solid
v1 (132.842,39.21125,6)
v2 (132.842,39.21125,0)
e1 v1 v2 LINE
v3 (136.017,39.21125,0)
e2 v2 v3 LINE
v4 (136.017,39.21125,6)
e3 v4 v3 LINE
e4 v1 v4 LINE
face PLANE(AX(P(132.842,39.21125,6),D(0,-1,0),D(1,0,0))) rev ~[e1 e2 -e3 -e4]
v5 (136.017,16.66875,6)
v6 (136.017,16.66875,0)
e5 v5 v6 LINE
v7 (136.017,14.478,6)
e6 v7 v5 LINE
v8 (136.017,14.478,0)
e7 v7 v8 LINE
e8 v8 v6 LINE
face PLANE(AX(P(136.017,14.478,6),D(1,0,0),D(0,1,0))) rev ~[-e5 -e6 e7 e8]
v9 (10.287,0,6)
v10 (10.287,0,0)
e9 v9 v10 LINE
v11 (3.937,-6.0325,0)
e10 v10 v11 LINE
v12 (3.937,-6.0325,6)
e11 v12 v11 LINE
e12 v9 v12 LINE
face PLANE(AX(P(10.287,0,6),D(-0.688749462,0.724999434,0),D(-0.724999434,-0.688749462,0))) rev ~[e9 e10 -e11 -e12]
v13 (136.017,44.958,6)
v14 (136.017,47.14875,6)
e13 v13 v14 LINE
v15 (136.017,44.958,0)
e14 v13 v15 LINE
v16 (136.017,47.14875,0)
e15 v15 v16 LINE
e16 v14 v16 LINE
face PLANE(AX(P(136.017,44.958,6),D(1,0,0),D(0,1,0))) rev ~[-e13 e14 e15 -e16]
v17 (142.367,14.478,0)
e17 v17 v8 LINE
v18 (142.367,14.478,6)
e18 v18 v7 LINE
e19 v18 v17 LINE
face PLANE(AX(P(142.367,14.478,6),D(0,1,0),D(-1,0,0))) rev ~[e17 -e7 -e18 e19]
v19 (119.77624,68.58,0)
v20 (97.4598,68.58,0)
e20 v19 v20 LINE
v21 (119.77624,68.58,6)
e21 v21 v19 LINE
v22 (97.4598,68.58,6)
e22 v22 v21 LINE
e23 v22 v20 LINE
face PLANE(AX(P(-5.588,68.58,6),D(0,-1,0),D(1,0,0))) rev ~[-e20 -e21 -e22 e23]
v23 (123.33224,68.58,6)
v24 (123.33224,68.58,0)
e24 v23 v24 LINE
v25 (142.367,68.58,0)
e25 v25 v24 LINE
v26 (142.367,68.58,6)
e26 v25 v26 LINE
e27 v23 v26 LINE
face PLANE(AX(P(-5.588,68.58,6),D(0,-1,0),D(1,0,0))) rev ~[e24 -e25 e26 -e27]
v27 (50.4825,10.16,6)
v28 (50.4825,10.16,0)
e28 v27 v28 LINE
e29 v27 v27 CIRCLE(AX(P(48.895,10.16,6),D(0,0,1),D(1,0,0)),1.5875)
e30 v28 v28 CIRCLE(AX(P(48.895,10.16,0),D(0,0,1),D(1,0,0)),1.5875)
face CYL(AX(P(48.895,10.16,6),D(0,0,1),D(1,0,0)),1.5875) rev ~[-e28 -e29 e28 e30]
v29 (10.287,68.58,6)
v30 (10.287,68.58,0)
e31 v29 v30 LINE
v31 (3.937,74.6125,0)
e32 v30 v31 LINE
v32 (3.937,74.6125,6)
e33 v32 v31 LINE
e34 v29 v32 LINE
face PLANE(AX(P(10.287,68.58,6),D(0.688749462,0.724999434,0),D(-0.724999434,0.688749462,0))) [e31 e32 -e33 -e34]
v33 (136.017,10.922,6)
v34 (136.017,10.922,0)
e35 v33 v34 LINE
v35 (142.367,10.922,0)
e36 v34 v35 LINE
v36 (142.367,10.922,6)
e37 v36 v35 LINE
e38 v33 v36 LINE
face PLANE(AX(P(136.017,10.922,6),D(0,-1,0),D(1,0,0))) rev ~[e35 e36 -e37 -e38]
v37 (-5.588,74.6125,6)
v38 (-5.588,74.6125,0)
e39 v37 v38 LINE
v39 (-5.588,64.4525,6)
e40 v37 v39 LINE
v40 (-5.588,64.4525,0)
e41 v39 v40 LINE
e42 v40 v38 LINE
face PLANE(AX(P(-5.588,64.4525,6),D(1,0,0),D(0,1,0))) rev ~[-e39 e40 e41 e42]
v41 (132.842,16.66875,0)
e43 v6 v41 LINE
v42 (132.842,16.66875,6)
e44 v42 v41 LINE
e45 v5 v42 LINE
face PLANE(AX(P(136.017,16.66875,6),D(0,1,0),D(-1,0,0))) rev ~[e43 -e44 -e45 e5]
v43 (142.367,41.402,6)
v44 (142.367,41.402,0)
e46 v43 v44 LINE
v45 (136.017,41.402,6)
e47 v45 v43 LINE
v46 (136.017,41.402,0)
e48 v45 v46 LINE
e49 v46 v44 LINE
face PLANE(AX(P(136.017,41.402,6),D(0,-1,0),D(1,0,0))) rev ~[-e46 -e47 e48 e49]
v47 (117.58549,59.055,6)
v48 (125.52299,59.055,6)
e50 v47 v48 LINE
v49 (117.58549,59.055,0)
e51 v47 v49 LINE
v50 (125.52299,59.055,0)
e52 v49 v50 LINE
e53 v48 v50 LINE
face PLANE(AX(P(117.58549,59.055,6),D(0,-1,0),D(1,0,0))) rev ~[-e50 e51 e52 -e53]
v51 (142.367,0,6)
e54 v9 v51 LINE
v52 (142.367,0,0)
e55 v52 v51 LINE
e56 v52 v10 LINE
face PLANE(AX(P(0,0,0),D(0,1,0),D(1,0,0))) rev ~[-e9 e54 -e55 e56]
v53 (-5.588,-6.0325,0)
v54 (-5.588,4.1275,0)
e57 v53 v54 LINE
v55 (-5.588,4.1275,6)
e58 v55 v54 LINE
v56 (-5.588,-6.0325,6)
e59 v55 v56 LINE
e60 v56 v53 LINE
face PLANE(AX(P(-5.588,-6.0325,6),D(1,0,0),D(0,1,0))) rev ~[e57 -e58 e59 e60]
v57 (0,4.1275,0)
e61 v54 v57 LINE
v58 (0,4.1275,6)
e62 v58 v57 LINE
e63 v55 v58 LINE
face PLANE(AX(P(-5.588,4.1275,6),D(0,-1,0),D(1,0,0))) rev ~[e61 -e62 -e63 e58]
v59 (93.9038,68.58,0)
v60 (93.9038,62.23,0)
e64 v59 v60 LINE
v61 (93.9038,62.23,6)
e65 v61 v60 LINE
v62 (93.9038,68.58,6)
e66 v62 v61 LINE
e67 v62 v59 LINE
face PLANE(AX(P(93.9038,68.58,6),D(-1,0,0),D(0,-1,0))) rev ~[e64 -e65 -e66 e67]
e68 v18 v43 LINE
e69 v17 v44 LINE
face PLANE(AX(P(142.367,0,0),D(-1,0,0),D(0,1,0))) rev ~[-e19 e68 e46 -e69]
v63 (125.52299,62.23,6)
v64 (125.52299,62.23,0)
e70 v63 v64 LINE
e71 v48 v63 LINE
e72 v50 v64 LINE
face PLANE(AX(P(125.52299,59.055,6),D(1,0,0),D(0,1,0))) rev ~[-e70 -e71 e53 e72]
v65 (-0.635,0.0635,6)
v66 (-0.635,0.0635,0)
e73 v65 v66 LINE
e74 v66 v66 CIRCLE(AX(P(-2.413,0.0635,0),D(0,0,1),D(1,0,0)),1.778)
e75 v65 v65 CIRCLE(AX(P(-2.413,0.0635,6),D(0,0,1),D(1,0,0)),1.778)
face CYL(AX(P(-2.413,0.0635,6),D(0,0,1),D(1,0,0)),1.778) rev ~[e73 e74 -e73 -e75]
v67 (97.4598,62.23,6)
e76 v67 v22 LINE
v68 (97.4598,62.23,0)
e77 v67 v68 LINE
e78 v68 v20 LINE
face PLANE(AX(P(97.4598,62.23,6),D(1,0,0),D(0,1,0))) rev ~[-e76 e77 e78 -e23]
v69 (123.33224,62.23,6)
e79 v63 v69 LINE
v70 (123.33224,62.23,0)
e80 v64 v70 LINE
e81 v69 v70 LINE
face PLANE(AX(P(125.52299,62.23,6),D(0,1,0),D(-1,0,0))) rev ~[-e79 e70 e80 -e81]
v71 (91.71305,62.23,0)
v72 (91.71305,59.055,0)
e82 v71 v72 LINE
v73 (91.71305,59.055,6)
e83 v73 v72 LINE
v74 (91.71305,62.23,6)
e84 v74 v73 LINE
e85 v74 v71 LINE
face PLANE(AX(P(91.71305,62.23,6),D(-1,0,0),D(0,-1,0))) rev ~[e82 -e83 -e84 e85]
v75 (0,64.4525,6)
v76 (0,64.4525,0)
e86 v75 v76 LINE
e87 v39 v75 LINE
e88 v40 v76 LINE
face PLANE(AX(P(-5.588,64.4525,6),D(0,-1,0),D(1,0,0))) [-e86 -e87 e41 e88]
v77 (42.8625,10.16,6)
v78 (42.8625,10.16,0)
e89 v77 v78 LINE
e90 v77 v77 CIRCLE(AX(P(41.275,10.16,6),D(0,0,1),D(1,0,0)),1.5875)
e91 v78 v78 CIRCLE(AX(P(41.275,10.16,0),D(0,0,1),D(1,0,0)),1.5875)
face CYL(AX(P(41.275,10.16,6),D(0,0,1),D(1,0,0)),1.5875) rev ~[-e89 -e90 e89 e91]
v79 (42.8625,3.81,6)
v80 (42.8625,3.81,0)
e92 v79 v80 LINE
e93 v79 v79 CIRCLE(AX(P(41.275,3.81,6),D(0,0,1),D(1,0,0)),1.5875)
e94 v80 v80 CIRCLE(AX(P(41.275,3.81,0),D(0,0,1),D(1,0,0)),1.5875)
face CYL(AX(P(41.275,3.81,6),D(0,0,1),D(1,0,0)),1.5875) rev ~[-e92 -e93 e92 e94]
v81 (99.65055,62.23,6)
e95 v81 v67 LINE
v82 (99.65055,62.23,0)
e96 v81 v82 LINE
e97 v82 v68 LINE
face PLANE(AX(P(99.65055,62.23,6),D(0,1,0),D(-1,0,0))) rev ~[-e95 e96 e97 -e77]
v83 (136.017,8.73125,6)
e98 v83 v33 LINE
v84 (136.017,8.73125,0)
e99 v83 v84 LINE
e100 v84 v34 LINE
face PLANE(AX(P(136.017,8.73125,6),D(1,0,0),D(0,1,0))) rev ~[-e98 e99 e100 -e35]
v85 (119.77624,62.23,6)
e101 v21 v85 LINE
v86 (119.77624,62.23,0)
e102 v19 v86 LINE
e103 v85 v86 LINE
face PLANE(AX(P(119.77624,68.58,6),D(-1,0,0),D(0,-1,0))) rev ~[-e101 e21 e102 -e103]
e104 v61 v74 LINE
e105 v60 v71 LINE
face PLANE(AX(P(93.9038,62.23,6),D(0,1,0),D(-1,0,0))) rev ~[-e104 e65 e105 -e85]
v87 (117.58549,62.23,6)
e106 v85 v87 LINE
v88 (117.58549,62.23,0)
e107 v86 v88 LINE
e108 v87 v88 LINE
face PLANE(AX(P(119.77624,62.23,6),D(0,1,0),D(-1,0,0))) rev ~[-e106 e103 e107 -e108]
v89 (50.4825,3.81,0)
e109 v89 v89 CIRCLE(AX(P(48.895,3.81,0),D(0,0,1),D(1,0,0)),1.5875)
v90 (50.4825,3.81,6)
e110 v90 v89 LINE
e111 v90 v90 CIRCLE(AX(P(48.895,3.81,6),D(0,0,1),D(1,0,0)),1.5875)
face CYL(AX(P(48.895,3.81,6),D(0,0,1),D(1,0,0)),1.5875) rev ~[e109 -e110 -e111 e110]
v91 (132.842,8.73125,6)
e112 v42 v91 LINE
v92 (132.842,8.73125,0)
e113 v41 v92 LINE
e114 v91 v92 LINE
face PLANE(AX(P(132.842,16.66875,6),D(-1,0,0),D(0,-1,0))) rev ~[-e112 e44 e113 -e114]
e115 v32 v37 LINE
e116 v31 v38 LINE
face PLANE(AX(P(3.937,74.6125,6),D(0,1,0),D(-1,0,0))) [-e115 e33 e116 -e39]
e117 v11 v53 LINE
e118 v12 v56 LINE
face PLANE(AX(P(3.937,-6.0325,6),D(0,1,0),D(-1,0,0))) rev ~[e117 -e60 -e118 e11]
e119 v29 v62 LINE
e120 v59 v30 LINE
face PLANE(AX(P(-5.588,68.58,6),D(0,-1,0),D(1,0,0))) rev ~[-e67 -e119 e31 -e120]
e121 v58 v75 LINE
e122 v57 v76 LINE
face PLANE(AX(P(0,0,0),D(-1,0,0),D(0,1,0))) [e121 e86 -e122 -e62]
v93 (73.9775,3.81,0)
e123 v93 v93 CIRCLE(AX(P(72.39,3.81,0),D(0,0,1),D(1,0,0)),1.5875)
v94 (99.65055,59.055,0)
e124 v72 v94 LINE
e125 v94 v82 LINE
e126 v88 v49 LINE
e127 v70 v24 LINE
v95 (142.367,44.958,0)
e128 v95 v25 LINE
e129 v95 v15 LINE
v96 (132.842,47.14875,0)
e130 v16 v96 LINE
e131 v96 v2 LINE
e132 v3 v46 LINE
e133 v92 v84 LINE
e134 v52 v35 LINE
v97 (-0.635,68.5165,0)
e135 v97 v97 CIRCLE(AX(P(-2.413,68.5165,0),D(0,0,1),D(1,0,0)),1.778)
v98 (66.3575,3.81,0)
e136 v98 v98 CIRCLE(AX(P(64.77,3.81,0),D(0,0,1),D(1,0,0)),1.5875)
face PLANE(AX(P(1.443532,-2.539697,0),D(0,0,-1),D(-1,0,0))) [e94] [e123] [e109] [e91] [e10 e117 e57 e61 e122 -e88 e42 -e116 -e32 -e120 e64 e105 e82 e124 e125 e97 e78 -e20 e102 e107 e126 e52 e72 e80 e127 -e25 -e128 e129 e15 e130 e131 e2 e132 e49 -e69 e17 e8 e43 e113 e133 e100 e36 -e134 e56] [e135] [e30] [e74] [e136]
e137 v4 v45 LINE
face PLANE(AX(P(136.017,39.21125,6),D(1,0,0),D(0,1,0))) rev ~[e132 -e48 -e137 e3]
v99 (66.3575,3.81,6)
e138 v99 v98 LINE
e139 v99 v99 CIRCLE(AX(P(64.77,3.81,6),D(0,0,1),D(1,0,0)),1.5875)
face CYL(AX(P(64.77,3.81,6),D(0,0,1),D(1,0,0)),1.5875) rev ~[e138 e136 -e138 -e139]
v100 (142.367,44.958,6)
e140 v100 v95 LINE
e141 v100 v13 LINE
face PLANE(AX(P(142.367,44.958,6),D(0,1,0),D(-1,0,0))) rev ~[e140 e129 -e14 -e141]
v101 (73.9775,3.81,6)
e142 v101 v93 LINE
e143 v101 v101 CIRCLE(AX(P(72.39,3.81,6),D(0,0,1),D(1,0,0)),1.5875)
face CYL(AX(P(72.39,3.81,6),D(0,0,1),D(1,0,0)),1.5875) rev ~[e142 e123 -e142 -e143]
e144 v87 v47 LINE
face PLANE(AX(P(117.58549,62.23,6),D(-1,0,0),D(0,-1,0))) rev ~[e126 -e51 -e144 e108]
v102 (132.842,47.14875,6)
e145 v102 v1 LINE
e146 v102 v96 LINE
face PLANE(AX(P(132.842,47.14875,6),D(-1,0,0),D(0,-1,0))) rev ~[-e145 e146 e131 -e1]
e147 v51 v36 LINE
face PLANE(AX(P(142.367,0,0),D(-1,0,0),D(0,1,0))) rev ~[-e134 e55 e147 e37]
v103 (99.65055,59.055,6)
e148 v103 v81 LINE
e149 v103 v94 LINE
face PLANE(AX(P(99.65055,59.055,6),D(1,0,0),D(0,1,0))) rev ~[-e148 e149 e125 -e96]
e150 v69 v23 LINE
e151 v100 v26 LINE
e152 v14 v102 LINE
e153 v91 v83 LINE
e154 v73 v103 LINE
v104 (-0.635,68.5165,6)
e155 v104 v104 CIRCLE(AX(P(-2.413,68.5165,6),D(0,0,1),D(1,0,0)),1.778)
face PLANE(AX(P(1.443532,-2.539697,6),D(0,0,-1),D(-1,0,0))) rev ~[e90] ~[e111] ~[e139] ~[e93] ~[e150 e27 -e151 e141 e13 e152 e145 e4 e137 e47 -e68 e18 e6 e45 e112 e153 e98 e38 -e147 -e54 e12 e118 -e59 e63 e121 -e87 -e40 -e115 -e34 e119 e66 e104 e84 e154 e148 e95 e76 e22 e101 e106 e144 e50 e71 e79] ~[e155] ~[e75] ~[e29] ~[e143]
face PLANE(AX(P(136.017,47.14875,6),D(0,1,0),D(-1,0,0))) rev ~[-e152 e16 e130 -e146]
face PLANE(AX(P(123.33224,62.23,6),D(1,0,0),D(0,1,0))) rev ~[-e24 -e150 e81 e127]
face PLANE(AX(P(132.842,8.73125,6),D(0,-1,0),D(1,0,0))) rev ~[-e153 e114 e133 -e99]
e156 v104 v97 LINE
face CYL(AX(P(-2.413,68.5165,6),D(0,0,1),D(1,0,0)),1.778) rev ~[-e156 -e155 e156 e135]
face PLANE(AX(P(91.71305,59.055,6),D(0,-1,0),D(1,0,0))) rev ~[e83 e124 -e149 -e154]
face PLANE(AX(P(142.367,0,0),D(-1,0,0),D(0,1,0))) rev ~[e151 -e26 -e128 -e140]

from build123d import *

# Parameters (mm, degrees)
SKETCH1_W           = 142.367
SKETCH1_H           = 68.58
BOSS_EXTRUDE1_DEPTH = 6
SKETCH2_W           = 5.588
SKETCH2_H           = 4.1275
BOSS_EXTRUDE2_DEPTH = 6
BOSS_EXTRUDE3_DEPTH = 6
CUT_EXTRUDE1_DEPTH  = 160.827015204
BOSS_EXTRUDE4_DEPTH = 6
SKETCH6_R           = 1.778
SKETCH6_R_2         = 1.5875
CUT_EXTRUDE2_DEPTH  = 161.845851191


with BuildPart() as part:
    # Sketch1 → Boss-Extrude1 (new body)
    with BuildSketch(Plane.XY):
        with Locations((71.1835, 34.29)):
            Rectangle(SKETCH1_W, SKETCH1_H)
    extrude(amount=BOSS_EXTRUDE1_DEPTH)

    # Sketch2 → Boss-Extrude2 (add)
    with BuildSketch(Plane.XY.offset(6)):
        with Locations((-2.794, 66.51625)):
            Rectangle(SKETCH2_W, SKETCH2_H)
        with Locations((-2.794, 2.06375)):
            Rectangle(SKETCH2_W, SKETCH2_H)
    extrude(amount=-BOSS_EXTRUDE2_DEPTH)

    # Sketch3 → Boss-Extrude3 (add)
    with BuildSketch(Plane.XY.offset(6)):
        Polygon((0, 68.58), (0, 72.39), (2.54, 72.39), (9.525, 68.58), align=None)
        Polygon((0, 0), (0, -3.81), (2.54, -3.81), (9.525, 0), align=None)
    extrude(amount=-BOSS_EXTRUDE3_DEPTH)

    # Sketch4 → Cut-Extrude1 (cut, through all)
    with BuildSketch(Plane.XY.offset(6)):
        Polygon((142.367, 44.958), (136.017, 44.958), (136.017, 47.14875), (132.842, 47.14875), (132.842, 39.21125), (136.017, 39.21125), (136.017, 41.402), (142.367, 41.402), align=None)
        Polygon((142.367, 14.478), (136.017, 14.478), (136.017, 16.66875), (132.842, 16.66875), (132.842, 8.73125), (136.017, 8.73125), (136.017, 10.922), (142.367, 10.922), align=None)
        Polygon((93.9038, 62.23), (91.71305, 62.23), (91.71305, 59.055), (99.65055, 59.055), (99.65055, 62.23), (97.4598, 62.23), (97.4598, 68.58), (93.9038, 68.58), align=None)
        Polygon((123.33224, 68.58), (119.77624, 68.58), (119.77624, 62.23), (117.58549, 62.23), (117.58549, 59.055), (125.52299, 59.055), (125.52299, 62.23), (123.33224, 62.23), align=None)
    extrude(amount=-CUT_EXTRUDE1_DEPTH, mode=Mode.SUBTRACT)

    # Sketch5 → Boss-Extrude4 (add)
    with BuildSketch(Plane.XY.offset(6)):
        Polygon((10.287, 0), (3.937, -6.0325), (-5.588, -6.0325), (-5.588, 0), align=None)
        Polygon((-5.588, 68.58), (10.287, 68.58), (3.937, 74.6125), (-5.588, 74.6125), align=None)
    extrude(amount=-BOSS_EXTRUDE4_DEPTH)

    # Sketch6 → Cut-Extrude2 (cut, through all)
    with BuildSketch(Plane.XY.offset(6)):
        with Locations((-2.413, 68.5165)):
            Circle(SKETCH6_R)
        with Locations((-2.413, 0.0635)):
            Circle(SKETCH6_R)
        with Locations((64.77, 3.81)):
            Circle(SKETCH6_R_2)
        with Locations((72.39, 3.81)):
            Circle(SKETCH6_R_2)
        with Locations((41.275, 3.81)):
            Circle(SKETCH6_R_2)
        with Locations((48.895, 3.81)):
            Circle(SKETCH6_R_2)
        with Locations((41.275, 10.16)):
            Circle(SKETCH6_R_2)
        with Locations((48.895, 10.16)):
            Circle(SKETCH6_R_2)
    extrude(amount=-CUT_EXTRUDE2_DEPTH, mode=Mode.SUBTRACT)


solid = part.part
